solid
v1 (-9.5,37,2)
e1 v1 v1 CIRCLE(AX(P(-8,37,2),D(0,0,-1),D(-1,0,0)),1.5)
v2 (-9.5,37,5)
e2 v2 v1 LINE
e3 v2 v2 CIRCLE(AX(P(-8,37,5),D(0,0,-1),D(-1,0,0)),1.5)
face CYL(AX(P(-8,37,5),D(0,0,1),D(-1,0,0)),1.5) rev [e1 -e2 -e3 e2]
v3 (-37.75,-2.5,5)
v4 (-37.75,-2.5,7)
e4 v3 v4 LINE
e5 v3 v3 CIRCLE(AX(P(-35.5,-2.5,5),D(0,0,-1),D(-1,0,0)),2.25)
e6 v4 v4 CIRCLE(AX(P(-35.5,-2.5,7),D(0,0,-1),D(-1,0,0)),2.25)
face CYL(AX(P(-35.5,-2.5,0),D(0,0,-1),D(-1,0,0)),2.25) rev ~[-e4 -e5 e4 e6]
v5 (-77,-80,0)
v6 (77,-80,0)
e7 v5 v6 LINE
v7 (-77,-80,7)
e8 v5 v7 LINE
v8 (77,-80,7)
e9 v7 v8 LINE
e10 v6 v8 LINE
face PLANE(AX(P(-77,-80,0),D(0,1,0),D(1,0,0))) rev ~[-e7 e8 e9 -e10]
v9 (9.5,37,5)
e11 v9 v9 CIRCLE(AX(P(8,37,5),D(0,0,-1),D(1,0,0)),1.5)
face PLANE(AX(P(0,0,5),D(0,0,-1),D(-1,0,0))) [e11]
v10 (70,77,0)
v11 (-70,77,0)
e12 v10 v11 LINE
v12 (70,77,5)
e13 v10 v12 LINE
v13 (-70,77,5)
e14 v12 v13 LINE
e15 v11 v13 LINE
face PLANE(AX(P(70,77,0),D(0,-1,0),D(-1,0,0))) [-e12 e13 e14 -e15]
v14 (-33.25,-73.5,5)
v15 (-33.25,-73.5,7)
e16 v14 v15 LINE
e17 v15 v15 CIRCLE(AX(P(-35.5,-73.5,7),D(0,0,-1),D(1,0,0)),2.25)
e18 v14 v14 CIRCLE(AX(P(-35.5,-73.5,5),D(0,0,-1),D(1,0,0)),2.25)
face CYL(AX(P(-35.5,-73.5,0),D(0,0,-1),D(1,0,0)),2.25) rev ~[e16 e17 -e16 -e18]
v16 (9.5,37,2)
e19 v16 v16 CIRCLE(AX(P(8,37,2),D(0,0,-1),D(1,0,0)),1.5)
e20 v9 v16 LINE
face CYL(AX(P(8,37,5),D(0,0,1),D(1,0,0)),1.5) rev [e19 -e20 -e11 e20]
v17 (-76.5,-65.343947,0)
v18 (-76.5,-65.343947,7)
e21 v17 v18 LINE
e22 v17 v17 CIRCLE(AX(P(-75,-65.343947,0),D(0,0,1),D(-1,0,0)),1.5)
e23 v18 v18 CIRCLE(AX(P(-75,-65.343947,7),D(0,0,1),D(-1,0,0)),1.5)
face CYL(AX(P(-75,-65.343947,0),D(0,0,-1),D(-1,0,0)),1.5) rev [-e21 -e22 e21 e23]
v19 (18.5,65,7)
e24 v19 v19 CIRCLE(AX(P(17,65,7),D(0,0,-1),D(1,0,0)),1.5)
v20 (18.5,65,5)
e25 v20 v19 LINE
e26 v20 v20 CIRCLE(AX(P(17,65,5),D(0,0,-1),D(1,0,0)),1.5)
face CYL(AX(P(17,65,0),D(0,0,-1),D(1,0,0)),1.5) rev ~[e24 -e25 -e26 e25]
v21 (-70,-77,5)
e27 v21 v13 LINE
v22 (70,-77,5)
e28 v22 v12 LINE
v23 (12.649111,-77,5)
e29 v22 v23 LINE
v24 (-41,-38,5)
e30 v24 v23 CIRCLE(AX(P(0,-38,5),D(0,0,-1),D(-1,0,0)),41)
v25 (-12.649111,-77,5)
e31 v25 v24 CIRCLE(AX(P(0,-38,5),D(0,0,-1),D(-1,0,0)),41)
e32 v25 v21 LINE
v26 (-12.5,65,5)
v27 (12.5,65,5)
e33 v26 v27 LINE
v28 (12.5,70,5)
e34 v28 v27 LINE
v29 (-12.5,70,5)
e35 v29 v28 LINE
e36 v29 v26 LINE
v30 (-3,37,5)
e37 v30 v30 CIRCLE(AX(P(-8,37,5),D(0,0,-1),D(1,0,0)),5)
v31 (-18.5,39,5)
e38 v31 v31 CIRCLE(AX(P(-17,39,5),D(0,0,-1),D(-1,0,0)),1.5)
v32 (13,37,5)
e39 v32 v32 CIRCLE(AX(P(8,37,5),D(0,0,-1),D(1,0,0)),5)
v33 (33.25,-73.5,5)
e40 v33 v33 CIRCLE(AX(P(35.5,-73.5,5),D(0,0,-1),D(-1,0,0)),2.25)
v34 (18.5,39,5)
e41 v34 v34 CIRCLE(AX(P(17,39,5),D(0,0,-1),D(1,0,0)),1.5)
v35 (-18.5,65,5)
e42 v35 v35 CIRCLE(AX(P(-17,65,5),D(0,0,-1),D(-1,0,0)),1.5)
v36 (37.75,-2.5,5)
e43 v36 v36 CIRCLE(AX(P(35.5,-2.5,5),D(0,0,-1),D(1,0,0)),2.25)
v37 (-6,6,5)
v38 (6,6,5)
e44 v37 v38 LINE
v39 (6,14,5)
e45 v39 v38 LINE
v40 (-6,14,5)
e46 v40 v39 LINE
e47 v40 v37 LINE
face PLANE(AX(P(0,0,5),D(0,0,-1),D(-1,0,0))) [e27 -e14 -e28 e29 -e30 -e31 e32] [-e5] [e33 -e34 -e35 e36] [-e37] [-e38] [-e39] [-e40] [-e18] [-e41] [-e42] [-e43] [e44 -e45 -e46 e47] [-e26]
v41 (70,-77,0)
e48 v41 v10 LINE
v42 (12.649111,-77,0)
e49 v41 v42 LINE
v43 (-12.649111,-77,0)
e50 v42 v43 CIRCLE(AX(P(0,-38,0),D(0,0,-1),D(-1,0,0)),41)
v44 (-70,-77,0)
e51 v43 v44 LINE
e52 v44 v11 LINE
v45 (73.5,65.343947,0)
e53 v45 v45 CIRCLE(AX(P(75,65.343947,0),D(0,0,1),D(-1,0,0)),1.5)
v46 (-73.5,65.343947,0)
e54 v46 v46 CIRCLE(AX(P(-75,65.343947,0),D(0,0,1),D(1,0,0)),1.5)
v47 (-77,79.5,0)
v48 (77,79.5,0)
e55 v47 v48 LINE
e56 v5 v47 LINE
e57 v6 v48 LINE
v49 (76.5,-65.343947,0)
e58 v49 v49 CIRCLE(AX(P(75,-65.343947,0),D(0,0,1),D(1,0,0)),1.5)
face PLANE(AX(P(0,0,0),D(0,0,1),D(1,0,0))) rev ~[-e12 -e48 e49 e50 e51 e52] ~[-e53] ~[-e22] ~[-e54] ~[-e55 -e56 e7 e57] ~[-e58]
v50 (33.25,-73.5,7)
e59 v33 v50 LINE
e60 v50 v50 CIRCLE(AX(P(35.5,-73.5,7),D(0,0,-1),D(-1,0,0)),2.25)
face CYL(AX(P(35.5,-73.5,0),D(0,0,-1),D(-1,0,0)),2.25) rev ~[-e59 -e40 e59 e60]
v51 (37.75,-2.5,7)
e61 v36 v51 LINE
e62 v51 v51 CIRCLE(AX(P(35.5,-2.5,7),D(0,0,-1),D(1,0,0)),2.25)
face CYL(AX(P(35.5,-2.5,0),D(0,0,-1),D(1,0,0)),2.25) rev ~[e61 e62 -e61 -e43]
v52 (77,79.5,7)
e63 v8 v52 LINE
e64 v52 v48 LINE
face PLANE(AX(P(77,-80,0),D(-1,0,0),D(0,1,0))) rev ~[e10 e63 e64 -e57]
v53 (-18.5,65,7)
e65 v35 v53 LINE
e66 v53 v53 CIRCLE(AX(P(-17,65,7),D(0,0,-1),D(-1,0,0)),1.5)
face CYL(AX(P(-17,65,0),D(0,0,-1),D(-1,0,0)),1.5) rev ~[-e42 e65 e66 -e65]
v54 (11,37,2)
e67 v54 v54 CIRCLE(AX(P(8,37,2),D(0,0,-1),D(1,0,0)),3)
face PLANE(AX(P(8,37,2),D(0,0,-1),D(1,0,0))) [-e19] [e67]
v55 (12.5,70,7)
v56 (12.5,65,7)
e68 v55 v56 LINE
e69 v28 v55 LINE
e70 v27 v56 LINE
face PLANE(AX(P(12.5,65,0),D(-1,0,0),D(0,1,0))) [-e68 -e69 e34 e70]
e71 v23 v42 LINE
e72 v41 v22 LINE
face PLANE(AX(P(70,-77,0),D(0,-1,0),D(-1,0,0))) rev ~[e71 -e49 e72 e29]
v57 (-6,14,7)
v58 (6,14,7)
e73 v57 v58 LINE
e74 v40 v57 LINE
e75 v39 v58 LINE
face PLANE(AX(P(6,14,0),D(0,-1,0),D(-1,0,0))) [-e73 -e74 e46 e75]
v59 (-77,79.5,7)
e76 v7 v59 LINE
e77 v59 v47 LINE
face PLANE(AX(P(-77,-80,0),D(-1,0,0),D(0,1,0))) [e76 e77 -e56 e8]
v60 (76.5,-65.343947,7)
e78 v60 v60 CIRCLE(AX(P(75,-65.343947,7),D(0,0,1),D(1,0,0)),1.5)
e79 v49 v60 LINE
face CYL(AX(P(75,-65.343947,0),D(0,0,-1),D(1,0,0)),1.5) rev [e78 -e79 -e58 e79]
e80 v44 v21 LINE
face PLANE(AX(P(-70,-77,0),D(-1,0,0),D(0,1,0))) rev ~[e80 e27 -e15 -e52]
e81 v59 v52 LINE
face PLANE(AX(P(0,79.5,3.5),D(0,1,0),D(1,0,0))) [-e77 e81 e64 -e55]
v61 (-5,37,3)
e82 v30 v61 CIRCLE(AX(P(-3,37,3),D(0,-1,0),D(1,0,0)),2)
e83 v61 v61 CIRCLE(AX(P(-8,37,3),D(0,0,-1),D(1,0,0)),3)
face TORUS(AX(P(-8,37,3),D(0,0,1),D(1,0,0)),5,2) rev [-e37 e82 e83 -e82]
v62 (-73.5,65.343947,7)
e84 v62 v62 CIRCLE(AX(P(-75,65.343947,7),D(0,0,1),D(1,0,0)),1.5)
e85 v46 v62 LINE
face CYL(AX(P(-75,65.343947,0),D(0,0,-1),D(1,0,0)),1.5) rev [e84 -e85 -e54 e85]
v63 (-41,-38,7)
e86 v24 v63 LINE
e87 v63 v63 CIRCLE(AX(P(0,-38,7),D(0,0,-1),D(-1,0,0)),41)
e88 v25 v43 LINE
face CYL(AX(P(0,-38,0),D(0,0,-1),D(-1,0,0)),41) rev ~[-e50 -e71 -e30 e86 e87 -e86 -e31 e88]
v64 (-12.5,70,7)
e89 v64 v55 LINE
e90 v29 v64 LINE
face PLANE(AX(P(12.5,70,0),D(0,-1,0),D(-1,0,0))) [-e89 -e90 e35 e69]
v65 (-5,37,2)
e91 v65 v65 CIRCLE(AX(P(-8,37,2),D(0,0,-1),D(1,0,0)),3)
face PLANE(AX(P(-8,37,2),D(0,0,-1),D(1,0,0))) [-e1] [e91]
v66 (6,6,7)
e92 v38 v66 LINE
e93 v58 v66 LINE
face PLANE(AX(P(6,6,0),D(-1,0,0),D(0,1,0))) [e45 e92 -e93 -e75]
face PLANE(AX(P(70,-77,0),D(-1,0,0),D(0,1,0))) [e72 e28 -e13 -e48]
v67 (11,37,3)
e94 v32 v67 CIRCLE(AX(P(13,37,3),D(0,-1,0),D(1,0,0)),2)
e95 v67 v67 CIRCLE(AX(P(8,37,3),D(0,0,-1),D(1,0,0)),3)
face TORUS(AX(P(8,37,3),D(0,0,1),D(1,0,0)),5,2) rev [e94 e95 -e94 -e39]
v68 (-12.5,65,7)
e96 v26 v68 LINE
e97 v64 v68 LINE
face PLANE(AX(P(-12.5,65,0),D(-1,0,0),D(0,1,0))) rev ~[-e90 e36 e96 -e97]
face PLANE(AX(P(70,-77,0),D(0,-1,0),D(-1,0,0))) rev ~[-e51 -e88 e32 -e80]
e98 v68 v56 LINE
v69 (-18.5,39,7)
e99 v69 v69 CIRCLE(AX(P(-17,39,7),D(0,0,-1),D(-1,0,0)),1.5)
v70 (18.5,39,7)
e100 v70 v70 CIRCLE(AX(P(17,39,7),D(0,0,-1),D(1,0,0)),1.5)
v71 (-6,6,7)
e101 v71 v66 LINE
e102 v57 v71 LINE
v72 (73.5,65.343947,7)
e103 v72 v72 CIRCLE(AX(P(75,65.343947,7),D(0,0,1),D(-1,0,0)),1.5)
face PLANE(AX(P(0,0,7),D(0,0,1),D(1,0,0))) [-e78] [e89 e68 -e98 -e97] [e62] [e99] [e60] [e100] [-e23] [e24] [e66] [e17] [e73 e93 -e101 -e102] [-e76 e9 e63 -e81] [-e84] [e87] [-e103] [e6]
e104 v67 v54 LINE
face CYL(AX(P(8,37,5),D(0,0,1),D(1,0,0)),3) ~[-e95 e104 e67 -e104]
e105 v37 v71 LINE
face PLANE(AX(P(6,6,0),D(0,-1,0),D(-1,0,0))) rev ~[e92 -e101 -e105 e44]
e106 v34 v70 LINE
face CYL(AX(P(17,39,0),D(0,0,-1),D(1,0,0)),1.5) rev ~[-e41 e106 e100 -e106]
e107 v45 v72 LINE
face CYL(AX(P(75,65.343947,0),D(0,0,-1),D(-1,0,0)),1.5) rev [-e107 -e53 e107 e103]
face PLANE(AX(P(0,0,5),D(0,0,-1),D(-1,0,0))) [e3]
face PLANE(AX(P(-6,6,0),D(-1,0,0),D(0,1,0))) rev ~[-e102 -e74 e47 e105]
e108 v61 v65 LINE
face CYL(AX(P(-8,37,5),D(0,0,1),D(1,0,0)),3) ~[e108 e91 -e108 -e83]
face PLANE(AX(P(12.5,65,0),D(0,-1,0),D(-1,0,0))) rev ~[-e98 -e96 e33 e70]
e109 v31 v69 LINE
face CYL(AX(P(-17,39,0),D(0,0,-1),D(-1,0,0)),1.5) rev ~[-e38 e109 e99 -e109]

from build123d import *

# Parameters (mm, degrees)
SCHIZZO1_W                   = 154
SCHIZZO1_H                   = 160
SCHIZZO1_R                   = 1.5
ESTRUSIONE_ESTRUSIONE1_DEPTH = 7
SCHIZZO2_R                   = 41
SCHIZZO2_R_2                 = 2.25
SCHIZZO2_W                   = 12
SCHIZZO2_H                   = 8
TAGLIO_ESTRUSIONE1_DEPTH     = 10
SCHIZZO3_R                   = 1.5
SCHIZZO3_W                   = 25
SCHIZZO3_H                   = 5
TAGLIO_ESTRUSIONE2_DEPTH     = 10
SCHIZZO5_W                   = 140
SCHIZZO5_H                   = 154
TAGLIO_ESTRUSIONE3_DEPTH     = 5
SCHIZZO6_R                   = 3
SCHIZZO6_R_2                 = 1.5
ESTRUSIONE_ESTRUSIONE2_DEPTH = 3
RACCORDO1_R                  = 2
SCHIZZO8_W                   = 154
SCHIZZO8_H                   = 7
TAGLIO_ESTRUSIONE4_DEPTH     = 0.5


with BuildPart() as part:
    # Schizzo1 → Estrusione-Estrusione1 (new body)
    with BuildSketch(Plane.XY):
        Rectangle(SCHIZZO1_W, SCHIZZO1_H)
        with Locations((-75, 65.34394728)):
            Circle(SCHIZZO1_R, mode=Mode.SUBTRACT)
        with Locations(Location((75, 65.34394728, 0), (0, 0, 180))):
            Circle(SCHIZZO1_R, mode=Mode.SUBTRACT)
        with Locations((75, -65.34394728)):
            Circle(SCHIZZO1_R, mode=Mode.SUBTRACT)
        with Locations(Location((-75, -65.34394728, 0), (0, 0, 180))):
            Circle(SCHIZZO1_R, mode=Mode.SUBTRACT)
    extrude(amount=ESTRUSIONE_ESTRUSIONE1_DEPTH)

    # Schizzo2 → Taglio-Estrusione1 (cut)
    with BuildSketch(Plane(origin=(0, 0, 0), x_dir=(-1, 0, 0), z_dir=(0, 0, -1))):
        with Locations((0, -38)):
            Circle(SCHIZZO2_R)
        with Locations((35.499999997, -2.500000003)):
            Circle(SCHIZZO2_R_2)
        with Locations(Location((35.499999997, -73.499999997, 0), (0, 0, 180))):
            Circle(SCHIZZO2_R_2)
        with Locations(Location((-35.499999997, -2.500000003, 0), (0, 0, 180))):
            Circle(SCHIZZO2_R_2)
        with Locations((-35.499999997, -73.499999997)):
            Circle(SCHIZZO2_R_2)
        with Locations((0, 10)):
            Rectangle(SCHIZZO2_W, SCHIZZO2_H)
    extrude(amount=-TAGLIO_ESTRUSIONE1_DEPTH, mode=Mode.SUBTRACT)

    # Schizzo3 → Taglio-Estrusione2 (cut)
    with BuildSketch(Plane(origin=(0, 0, 0), x_dir=(-1, 0, 0), z_dir=(0, 0, -1))):
        with Locations((17, 65)):
            Circle(SCHIZZO3_R)
        with Locations((17, 39)):
            Circle(SCHIZZO3_R)
        with Locations(Location((-17, 39, 0), (0, 0, 180))):
            Circle(SCHIZZO3_R)
        with Locations(Location((-17, 65, 0), (0, 0, 180))):
            Circle(SCHIZZO3_R)
        with Locations((0, 67.5)):
            Rectangle(SCHIZZO3_W, SCHIZZO3_H)
    extrude(amount=-TAGLIO_ESTRUSIONE2_DEPTH, mode=Mode.SUBTRACT)

    # Schizzo5 → Taglio-Estrusione3 (cut)
    with BuildSketch(Plane(origin=(0, 0, 0), x_dir=(-1, 0, 0), z_dir=(0, 0, -1))):
        Rectangle(SCHIZZO5_W, SCHIZZO5_H)
    extrude(amount=-TAGLIO_ESTRUSIONE3_DEPTH, mode=Mode.SUBTRACT)

    # Schizzo6 → Estrusione-Estrusione2 (add)
    # profile 1 of 2: a face of its own
    with BuildSketch(Plane(origin=(0, 0, 5), x_dir=(-1, 0, 0), z_dir=(0, 0, -1))):
        with Locations(Location((8, 37, 0), (0, 0, 180))):
            Circle(SCHIZZO6_R)
        with Locations((8, 37)):
            Circle(SCHIZZO6_R_2, mode=Mode.SUBTRACT)
    # profile 2 of 2: a face of its own
    with BuildSketch(Plane(origin=(0, 0, 5), x_dir=(-1, 0, 0), z_dir=(0, 0, -1))):
        with Locations(Location((-8, 37, 0), (0, 0, 180))):
            Circle(SCHIZZO6_R)
        with Locations(Location((-8, 37, 0), (0, 0, 180))):
            Circle(SCHIZZO6_R_2, mode=Mode.SUBTRACT)
    extrude(amount=ESTRUSIONE_ESTRUSIONE2_DEPTH)

    # Raccordo1
    raccordo1_edges = [part.edges().sort_by_distance(p)[0] for p in [
        (-11, 37, 5),
        (5, 37, 5),
    ]]
    fillet(raccordo1_edges, radius=RACCORDO1_R)

    # Schizzo8 → Taglio-Estrusione4 (cut)
    with BuildSketch(Plane(origin=(0, 80, 0), x_dir=(1, 0, 0), z_dir=(0, 1, 0))):
        with Locations((0, -3.5)):
            Rectangle(SCHIZZO8_W, SCHIZZO8_H)
    extrude(amount=-TAGLIO_ESTRUSIONE4_DEPTH, mode=Mode.SUBTRACT)


solid = part.part
